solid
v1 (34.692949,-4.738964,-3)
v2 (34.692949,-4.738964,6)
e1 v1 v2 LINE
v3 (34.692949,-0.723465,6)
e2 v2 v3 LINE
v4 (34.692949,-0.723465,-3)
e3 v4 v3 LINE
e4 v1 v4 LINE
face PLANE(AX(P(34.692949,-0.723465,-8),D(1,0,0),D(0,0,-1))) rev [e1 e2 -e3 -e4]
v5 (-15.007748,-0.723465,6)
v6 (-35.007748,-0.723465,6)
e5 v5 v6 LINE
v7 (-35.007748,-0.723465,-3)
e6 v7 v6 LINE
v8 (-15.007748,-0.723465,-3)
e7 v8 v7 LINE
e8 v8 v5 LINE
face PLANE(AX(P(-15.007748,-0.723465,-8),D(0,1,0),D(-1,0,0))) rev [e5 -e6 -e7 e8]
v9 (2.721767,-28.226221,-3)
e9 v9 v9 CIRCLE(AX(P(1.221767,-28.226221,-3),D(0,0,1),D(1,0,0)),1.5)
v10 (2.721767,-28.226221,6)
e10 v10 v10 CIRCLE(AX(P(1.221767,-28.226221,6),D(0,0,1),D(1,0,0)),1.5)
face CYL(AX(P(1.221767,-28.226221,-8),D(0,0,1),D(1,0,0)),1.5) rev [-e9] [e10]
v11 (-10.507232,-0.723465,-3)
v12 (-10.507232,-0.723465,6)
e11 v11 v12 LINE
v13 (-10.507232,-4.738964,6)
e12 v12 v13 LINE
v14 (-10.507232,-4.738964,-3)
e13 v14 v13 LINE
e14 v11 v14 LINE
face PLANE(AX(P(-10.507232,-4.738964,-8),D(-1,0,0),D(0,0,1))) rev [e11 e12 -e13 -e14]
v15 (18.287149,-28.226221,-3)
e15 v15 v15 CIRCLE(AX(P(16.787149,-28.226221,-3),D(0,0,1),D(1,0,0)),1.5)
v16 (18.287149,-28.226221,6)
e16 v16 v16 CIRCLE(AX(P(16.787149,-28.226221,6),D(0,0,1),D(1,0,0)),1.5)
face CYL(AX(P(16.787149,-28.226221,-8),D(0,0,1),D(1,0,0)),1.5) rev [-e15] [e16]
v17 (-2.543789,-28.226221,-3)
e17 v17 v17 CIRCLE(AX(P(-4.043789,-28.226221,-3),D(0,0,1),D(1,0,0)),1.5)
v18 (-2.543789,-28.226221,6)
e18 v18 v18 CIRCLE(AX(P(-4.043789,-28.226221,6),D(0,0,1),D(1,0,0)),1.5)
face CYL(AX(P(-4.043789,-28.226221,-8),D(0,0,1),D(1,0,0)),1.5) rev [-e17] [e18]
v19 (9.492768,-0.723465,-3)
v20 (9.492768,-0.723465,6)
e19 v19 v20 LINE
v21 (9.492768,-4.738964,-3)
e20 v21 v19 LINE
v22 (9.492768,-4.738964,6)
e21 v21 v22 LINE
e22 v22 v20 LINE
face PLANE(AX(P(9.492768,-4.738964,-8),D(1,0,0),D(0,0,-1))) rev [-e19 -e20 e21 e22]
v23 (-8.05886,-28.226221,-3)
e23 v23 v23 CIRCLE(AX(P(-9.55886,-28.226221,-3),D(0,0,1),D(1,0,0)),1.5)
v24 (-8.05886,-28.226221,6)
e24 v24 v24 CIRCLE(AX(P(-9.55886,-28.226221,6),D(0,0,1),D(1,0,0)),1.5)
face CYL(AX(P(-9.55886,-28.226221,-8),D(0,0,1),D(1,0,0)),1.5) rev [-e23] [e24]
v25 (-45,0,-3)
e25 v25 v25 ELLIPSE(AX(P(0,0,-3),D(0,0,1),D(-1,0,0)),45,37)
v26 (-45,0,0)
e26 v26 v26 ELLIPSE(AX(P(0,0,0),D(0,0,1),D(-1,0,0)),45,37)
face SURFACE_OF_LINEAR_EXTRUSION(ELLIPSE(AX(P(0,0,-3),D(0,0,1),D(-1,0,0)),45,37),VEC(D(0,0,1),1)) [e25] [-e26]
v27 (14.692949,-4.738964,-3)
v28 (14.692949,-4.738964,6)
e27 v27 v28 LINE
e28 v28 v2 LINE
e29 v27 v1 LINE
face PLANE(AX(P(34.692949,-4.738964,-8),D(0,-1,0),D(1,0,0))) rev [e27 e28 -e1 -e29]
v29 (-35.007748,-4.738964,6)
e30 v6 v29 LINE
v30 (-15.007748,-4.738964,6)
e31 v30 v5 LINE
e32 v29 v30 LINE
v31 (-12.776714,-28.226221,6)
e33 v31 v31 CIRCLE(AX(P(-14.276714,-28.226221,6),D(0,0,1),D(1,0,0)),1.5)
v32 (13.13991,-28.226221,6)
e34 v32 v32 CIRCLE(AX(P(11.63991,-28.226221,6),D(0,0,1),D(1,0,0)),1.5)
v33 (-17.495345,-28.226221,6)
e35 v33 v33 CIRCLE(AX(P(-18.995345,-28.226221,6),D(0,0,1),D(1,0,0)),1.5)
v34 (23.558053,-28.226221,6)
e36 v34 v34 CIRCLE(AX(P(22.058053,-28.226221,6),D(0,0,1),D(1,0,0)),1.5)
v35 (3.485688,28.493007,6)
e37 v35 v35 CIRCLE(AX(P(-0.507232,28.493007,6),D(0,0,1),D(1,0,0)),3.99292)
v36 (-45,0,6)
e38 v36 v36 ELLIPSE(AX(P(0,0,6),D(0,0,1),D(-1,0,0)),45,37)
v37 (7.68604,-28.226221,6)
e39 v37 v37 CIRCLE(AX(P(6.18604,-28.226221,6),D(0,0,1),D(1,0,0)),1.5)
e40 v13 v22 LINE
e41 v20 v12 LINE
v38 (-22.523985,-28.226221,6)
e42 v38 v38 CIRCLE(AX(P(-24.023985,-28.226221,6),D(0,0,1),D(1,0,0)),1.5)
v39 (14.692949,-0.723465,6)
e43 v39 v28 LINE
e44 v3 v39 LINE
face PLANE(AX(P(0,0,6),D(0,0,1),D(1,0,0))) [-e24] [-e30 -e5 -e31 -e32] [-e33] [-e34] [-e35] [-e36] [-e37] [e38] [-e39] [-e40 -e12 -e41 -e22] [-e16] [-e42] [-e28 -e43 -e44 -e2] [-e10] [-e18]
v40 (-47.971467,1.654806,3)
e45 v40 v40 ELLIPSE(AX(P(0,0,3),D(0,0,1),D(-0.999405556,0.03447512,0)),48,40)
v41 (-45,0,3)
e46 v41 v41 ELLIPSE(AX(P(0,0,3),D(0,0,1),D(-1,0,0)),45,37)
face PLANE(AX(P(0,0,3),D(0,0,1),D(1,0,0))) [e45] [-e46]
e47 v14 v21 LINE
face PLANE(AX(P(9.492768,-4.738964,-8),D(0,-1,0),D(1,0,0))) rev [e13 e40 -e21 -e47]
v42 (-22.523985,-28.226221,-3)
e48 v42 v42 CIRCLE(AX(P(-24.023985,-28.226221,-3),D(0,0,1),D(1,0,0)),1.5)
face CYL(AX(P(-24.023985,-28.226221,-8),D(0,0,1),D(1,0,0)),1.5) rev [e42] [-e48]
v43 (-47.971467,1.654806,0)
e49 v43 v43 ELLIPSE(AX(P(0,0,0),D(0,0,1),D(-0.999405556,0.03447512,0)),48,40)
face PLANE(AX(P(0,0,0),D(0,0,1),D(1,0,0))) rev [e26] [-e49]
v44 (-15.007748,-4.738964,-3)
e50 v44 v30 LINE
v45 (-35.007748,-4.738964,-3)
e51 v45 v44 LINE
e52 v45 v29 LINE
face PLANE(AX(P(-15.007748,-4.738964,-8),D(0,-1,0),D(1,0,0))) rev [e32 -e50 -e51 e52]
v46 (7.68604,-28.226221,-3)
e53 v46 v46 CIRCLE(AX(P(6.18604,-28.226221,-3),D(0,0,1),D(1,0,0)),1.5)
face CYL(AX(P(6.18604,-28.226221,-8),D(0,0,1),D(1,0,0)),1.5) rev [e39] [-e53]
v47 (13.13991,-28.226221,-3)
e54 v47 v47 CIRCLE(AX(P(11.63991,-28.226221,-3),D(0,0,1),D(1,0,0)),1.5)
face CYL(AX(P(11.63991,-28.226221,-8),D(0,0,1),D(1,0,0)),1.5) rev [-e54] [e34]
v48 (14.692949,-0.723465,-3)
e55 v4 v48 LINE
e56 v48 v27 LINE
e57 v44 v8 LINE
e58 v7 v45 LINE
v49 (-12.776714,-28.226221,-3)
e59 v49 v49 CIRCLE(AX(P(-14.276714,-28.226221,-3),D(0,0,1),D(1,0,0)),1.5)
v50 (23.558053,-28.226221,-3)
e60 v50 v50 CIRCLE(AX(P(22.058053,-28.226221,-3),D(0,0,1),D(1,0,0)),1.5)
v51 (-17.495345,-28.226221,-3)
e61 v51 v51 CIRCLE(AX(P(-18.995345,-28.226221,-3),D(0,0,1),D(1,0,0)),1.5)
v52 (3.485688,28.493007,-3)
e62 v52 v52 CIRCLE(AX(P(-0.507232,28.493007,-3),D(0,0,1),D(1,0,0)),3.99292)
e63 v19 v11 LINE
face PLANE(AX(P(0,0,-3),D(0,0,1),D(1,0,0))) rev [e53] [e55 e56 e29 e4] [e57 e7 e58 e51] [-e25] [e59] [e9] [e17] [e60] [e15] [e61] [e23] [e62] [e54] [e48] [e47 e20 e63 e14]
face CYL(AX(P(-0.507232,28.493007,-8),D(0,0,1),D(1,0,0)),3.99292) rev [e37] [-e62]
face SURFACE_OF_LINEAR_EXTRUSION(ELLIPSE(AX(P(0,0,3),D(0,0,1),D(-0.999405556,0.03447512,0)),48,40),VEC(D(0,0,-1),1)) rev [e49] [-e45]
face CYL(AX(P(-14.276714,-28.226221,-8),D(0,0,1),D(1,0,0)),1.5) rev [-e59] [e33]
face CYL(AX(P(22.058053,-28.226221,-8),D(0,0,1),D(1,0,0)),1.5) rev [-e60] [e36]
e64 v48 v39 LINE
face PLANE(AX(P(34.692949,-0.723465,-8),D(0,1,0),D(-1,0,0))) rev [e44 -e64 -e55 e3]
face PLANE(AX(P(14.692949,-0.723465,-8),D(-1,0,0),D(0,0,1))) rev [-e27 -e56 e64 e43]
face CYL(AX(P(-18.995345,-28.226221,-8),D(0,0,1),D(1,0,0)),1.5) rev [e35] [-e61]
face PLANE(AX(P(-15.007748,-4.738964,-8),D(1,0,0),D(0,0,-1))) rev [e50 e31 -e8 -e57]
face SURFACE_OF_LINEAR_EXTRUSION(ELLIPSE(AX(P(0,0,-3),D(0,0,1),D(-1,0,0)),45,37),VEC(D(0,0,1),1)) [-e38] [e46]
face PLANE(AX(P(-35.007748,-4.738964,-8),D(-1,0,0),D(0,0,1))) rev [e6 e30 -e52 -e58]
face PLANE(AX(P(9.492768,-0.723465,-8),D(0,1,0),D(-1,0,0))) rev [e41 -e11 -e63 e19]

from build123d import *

# Parameters (mm, degrees)
SKETCH1_RX               = 48
SKETCH1_RY               = 40
BOSS_EXTRUDE1_DEPTH      = 3
BOSS_EXTRUDE2_DEPTH      = 3
BOSS_EXTRUDE2_DEPTH_BACK = 6
SKETCH2_RX               = 45
SKETCH2_RY               = 37
SKETCH4_R                = 1.5
SKETCH4_R_2              = 3.992919847
SKETCH4_W                = 20
SKETCH4_H                = 4.015498802
CUT_EXTRUDE1_DEPTH       = 14


with BuildPart() as part:
    # Sketch1 → Boss-Extrude1 (new body)
    with BuildSketch(Plane.XY):
        with Locations(Location((0, 0), (0, 0, 178.024329661))):
            Ellipse(SKETCH1_RX, SKETCH1_RY)
    extrude(amount=BOSS_EXTRUDE1_DEPTH)

    # Sketch2 → Boss-Extrude2 (add, two sides: drawn at the far end of the back side and taken through both)
    with BuildSketch(Plane.XY.offset(3).offset(-BOSS_EXTRUDE2_DEPTH_BACK)):
        with Locations(Location((0, 0), (0, 0, 180))):
            Ellipse(SKETCH2_RX, SKETCH2_RY)
    extrude(amount=BOSS_EXTRUDE2_DEPTH + BOSS_EXTRUDE2_DEPTH_BACK)

    # Sketch4 → Cut-Extrude1 (cut)
    with BuildSketch(Plane.XY.offset(6)):
        with Locations((22.058053454, -28.226221002)):
            Circle(SKETCH4_R)
        with Locations((16.787148935, -28.226221002)):
            Circle(SKETCH4_R)
        with Locations((11.639910332, -28.226221002)):
            Circle(SKETCH4_R)
        with Locations((6.186040487, -28.226221002)):
            Circle(SKETCH4_R)
        with Locations((1.221767211, -28.226221002)):
            Circle(SKETCH4_R)
        with Locations((-4.043788707, -28.226221002)):
            Circle(SKETCH4_R)
        with Locations((-9.558860428, -28.226221002)):
            Circle(SKETCH4_R)
        with Locations((-14.276714459, -28.226221002)):
            Circle(SKETCH4_R)
        with Locations((-18.995344935, -28.226221002)):
            Circle(SKETCH4_R)
        with Locations((-24.023984717, -28.226221002)):
            Circle(SKETCH4_R)
        with Locations((-0.507231803, 28.493006682)):
            Circle(SKETCH4_R_2)
        with Locations((24.692949171, -2.731214522)):
            Rectangle(SKETCH4_W, SKETCH4_H)
        with Locations((-0.507231803, -2.731214522)):
            Rectangle(SKETCH4_W, SKETCH4_H)
        with Locations((-25.007748312, -2.731214522)):
            Rectangle(SKETCH4_W, SKETCH4_H)
    extrude(amount=-CUT_EXTRUDE1_DEPTH, mode=Mode.SUBTRACT)


solid = part.part
